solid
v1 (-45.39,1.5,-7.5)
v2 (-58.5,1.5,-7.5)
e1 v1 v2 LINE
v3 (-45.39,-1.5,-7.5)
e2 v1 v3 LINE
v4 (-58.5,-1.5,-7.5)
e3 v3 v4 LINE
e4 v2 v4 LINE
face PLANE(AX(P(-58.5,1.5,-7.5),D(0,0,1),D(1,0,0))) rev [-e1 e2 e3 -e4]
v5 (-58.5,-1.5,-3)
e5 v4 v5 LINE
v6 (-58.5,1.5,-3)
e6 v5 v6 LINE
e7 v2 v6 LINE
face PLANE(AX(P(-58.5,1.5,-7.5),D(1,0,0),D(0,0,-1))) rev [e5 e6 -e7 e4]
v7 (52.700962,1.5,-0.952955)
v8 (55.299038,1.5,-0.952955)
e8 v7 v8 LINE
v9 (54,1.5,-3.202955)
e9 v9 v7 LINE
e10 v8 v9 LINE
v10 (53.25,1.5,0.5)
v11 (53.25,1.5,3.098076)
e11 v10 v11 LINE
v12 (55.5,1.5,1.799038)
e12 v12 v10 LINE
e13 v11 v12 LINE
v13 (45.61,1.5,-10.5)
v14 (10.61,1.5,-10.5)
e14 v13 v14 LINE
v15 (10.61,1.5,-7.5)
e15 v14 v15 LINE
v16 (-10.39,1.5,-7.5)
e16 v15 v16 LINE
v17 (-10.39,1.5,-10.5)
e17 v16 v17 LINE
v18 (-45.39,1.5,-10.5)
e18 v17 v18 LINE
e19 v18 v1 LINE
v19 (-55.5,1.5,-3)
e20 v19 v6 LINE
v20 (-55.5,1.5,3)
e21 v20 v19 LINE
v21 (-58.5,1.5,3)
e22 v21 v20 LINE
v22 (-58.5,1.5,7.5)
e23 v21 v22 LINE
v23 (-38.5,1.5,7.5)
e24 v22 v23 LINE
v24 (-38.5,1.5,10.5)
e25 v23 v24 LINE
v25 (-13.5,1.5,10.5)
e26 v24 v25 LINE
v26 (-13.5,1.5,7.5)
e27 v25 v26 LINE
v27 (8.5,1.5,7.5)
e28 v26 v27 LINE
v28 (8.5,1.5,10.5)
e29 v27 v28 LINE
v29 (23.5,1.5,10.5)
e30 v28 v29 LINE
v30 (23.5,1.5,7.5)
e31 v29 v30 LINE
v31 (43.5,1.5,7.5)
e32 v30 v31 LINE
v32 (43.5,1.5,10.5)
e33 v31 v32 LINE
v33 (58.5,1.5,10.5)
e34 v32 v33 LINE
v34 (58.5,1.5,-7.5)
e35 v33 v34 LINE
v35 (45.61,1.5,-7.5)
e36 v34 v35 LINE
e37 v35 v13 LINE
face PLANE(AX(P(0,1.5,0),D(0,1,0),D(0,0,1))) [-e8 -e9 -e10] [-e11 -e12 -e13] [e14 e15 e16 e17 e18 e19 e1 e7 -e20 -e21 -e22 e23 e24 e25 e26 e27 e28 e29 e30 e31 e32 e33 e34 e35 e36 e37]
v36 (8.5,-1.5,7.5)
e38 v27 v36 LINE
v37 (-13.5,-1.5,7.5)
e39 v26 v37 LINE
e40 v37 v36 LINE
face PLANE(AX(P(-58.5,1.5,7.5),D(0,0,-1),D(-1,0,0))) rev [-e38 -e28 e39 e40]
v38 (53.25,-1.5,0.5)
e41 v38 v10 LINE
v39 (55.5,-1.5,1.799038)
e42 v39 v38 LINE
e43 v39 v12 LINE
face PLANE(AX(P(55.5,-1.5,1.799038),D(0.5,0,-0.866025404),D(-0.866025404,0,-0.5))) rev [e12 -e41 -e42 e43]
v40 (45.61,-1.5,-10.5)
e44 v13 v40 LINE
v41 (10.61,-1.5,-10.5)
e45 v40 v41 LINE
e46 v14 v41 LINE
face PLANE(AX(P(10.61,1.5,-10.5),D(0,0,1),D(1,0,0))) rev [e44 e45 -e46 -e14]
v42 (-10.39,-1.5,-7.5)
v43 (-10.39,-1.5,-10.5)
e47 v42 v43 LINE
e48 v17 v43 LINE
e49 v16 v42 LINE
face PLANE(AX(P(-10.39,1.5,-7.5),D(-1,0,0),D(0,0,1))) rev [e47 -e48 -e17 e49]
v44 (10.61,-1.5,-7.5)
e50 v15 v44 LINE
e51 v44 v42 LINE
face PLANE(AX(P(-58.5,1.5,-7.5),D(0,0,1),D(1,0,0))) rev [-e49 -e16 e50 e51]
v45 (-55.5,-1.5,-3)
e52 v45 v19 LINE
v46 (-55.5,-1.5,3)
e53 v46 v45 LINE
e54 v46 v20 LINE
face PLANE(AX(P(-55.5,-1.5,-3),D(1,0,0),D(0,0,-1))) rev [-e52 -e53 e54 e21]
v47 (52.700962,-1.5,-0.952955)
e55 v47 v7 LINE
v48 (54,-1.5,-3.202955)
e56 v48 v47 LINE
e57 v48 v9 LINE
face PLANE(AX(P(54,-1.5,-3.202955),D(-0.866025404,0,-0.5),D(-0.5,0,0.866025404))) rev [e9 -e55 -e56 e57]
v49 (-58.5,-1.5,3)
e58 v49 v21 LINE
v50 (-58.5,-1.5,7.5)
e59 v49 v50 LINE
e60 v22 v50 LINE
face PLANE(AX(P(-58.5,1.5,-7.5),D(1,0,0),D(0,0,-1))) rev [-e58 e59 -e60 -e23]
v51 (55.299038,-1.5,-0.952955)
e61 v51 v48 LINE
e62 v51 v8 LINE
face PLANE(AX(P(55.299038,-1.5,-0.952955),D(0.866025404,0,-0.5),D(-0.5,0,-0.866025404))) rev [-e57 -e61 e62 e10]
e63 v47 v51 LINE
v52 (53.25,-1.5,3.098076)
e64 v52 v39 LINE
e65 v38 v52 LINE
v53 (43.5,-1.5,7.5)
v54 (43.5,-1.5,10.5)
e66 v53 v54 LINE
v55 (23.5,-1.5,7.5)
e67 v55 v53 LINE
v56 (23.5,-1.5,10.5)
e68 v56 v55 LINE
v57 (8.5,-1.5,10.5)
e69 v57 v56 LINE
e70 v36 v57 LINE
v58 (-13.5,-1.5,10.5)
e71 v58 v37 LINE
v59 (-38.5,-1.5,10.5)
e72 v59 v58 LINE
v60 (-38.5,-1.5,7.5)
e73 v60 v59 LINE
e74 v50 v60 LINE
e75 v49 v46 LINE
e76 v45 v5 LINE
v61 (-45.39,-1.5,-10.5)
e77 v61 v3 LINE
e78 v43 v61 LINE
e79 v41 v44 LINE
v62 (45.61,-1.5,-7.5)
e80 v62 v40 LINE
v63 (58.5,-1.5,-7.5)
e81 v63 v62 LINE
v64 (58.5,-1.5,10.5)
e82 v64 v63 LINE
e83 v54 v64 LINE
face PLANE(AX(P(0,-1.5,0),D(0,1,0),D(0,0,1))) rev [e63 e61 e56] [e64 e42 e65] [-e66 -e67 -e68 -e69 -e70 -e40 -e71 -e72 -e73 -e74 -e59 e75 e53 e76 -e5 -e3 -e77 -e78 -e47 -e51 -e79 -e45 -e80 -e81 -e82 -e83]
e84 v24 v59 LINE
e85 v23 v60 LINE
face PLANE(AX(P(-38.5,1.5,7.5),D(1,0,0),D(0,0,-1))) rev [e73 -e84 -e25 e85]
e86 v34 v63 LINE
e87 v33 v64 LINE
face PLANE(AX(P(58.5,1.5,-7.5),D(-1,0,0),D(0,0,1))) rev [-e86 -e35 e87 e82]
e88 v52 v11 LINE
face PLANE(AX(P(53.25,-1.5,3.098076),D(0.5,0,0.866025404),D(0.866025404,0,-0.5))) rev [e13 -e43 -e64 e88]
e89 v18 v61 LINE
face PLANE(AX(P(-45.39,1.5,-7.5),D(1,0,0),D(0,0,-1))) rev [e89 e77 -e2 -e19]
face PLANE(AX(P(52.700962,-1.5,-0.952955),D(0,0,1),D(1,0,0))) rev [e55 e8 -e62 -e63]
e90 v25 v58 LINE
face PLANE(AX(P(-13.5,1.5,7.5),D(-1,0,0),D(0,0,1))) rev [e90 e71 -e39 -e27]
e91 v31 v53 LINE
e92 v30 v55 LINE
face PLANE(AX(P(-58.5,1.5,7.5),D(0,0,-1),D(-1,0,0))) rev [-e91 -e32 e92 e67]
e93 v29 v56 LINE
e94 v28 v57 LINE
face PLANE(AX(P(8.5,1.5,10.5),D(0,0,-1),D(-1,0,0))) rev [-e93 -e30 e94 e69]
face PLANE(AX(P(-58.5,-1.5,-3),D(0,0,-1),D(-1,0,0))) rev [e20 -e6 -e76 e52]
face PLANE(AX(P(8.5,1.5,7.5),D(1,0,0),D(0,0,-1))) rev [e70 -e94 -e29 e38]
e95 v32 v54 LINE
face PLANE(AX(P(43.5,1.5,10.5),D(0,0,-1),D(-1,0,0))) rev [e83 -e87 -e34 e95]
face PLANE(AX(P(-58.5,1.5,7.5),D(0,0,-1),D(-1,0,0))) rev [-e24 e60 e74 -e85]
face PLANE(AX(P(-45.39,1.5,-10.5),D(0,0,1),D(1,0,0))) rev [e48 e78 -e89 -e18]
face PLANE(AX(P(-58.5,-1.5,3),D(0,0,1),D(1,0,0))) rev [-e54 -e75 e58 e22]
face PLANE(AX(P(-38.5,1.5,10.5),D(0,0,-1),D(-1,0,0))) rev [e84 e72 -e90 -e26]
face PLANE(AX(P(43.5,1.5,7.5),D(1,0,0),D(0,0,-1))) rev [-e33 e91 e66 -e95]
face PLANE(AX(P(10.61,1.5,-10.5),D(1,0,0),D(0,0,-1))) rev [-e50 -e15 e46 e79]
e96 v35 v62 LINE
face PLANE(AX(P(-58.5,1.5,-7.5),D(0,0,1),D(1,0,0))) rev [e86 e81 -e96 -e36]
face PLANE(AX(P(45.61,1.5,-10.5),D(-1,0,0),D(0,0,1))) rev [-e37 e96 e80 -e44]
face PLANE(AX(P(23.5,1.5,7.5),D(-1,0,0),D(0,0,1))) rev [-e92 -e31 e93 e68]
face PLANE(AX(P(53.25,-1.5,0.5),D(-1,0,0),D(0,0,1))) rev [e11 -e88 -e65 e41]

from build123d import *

# Parameters (mm, degrees)
SKETCH1_W                = 117
SKETCH1_H                = 15
BOSS_EXTRUDE1_DEPTH      = 1.5
SKETCH2_W                = 15
SKETCH2_H                = 3
BOSS_EXTRUDE2_DEPTH      = 1.5
SKETCH12_W               = 25
SKETCH12_H               = 3
BOSS_EXTRUDE3_DEPTH      = 1.5
SKETCH13_W               = 35
SKETCH13_H               = 3
BOSS_EXTRUDE4_DEPTH      = 1.5
CUT_EXTRUDE10_DEPTH      = 2.5
CUT_EXTRUDE10_DEPTH_BACK = 2.5
SKETCH16_W               = 3
SKETCH16_H               = 6
CUT_EXTRUDE11_DEPTH      = 2.5
CUT_EXTRUDE11_DEPTH_BACK = 2.5


with BuildPart() as part:
    # Sketch1 → Boss-Extrude1 (new body, symmetric)
    with BuildSketch(Plane(origin=(0, 0, 0), x_dir=(1, 0, 0), z_dir=(0, 1, 0))):
        Rectangle(SKETCH1_W, SKETCH1_H)
    extrude(amount=BOSS_EXTRUDE1_DEPTH, both=True)

    # Sketch2 → Boss-Extrude2 (add, symmetric)
    with BuildSketch(Plane(origin=(0, 0, 0), x_dir=(1, 0, 0), z_dir=(0, 1, 0))):
        with Locations((16, -9)):
            Rectangle(SKETCH2_W, SKETCH2_H)
        with Locations((51, -9)):
            Rectangle(SKETCH2_W, SKETCH2_H)
    extrude(amount=BOSS_EXTRUDE2_DEPTH, both=True)

    # Sketch12 → Boss-Extrude3 (add, symmetric)
    with BuildSketch(Plane(origin=(0, 0, 0), x_dir=(1, 0, 0), z_dir=(0, 1, 0))):
        with Locations((-26, -9)):
            Rectangle(SKETCH12_W, SKETCH12_H)
    extrude(amount=BOSS_EXTRUDE3_DEPTH, both=True)

    # Sketch13 → Boss-Extrude4 (add, symmetric)
    with BuildSketch(Plane(origin=(0, 0, 0), x_dir=(1, 0, 0), z_dir=(0, 1, 0))):
        with Locations((-27.89, 9)):
            Rectangle(SKETCH13_W, SKETCH13_H)
        with Locations((28.11, 9)):
            Rectangle(SKETCH13_W, SKETCH13_H)
    extrude(amount=BOSS_EXTRUDE4_DEPTH, both=True)

    # Sketch15 → Cut-Extrude10 (cut, two sides)
    with BuildSketch(Plane(origin=(0, 0, 0), x_dir=(1, 0, 0), z_dir=(0, 1, 0))) as cut_extrude10_sk:
        Polygon((55.5, -1.799038106), (53.25, -0.5), (53.25, -3.098076211), align=None)
        Polygon((54, 3.202955396), (52.700961894, 0.952955396), (55.299038106, 0.952955396), align=None)
    extrude(amount=CUT_EXTRUDE10_DEPTH, mode=Mode.SUBTRACT)
    extrude(cut_extrude10_sk.sketch, amount=-CUT_EXTRUDE10_DEPTH_BACK, mode=Mode.SUBTRACT)

    # Sketch16 → Cut-Extrude11 (cut, two sides)
    with BuildSketch(Plane(origin=(0, 0, 0), x_dir=(1, 0, 0), z_dir=(0, 1, 0))) as cut_extrude11_sk:
        with Locations((-57, 0)):
            Rectangle(SKETCH16_W, SKETCH16_H)
    extrude(amount=CUT_EXTRUDE11_DEPTH, mode=Mode.SUBTRACT)
    extrude(cut_extrude11_sk.sketch, amount=-CUT_EXTRUDE11_DEPTH_BACK, mode=Mode.SUBTRACT)


solid = part.part
